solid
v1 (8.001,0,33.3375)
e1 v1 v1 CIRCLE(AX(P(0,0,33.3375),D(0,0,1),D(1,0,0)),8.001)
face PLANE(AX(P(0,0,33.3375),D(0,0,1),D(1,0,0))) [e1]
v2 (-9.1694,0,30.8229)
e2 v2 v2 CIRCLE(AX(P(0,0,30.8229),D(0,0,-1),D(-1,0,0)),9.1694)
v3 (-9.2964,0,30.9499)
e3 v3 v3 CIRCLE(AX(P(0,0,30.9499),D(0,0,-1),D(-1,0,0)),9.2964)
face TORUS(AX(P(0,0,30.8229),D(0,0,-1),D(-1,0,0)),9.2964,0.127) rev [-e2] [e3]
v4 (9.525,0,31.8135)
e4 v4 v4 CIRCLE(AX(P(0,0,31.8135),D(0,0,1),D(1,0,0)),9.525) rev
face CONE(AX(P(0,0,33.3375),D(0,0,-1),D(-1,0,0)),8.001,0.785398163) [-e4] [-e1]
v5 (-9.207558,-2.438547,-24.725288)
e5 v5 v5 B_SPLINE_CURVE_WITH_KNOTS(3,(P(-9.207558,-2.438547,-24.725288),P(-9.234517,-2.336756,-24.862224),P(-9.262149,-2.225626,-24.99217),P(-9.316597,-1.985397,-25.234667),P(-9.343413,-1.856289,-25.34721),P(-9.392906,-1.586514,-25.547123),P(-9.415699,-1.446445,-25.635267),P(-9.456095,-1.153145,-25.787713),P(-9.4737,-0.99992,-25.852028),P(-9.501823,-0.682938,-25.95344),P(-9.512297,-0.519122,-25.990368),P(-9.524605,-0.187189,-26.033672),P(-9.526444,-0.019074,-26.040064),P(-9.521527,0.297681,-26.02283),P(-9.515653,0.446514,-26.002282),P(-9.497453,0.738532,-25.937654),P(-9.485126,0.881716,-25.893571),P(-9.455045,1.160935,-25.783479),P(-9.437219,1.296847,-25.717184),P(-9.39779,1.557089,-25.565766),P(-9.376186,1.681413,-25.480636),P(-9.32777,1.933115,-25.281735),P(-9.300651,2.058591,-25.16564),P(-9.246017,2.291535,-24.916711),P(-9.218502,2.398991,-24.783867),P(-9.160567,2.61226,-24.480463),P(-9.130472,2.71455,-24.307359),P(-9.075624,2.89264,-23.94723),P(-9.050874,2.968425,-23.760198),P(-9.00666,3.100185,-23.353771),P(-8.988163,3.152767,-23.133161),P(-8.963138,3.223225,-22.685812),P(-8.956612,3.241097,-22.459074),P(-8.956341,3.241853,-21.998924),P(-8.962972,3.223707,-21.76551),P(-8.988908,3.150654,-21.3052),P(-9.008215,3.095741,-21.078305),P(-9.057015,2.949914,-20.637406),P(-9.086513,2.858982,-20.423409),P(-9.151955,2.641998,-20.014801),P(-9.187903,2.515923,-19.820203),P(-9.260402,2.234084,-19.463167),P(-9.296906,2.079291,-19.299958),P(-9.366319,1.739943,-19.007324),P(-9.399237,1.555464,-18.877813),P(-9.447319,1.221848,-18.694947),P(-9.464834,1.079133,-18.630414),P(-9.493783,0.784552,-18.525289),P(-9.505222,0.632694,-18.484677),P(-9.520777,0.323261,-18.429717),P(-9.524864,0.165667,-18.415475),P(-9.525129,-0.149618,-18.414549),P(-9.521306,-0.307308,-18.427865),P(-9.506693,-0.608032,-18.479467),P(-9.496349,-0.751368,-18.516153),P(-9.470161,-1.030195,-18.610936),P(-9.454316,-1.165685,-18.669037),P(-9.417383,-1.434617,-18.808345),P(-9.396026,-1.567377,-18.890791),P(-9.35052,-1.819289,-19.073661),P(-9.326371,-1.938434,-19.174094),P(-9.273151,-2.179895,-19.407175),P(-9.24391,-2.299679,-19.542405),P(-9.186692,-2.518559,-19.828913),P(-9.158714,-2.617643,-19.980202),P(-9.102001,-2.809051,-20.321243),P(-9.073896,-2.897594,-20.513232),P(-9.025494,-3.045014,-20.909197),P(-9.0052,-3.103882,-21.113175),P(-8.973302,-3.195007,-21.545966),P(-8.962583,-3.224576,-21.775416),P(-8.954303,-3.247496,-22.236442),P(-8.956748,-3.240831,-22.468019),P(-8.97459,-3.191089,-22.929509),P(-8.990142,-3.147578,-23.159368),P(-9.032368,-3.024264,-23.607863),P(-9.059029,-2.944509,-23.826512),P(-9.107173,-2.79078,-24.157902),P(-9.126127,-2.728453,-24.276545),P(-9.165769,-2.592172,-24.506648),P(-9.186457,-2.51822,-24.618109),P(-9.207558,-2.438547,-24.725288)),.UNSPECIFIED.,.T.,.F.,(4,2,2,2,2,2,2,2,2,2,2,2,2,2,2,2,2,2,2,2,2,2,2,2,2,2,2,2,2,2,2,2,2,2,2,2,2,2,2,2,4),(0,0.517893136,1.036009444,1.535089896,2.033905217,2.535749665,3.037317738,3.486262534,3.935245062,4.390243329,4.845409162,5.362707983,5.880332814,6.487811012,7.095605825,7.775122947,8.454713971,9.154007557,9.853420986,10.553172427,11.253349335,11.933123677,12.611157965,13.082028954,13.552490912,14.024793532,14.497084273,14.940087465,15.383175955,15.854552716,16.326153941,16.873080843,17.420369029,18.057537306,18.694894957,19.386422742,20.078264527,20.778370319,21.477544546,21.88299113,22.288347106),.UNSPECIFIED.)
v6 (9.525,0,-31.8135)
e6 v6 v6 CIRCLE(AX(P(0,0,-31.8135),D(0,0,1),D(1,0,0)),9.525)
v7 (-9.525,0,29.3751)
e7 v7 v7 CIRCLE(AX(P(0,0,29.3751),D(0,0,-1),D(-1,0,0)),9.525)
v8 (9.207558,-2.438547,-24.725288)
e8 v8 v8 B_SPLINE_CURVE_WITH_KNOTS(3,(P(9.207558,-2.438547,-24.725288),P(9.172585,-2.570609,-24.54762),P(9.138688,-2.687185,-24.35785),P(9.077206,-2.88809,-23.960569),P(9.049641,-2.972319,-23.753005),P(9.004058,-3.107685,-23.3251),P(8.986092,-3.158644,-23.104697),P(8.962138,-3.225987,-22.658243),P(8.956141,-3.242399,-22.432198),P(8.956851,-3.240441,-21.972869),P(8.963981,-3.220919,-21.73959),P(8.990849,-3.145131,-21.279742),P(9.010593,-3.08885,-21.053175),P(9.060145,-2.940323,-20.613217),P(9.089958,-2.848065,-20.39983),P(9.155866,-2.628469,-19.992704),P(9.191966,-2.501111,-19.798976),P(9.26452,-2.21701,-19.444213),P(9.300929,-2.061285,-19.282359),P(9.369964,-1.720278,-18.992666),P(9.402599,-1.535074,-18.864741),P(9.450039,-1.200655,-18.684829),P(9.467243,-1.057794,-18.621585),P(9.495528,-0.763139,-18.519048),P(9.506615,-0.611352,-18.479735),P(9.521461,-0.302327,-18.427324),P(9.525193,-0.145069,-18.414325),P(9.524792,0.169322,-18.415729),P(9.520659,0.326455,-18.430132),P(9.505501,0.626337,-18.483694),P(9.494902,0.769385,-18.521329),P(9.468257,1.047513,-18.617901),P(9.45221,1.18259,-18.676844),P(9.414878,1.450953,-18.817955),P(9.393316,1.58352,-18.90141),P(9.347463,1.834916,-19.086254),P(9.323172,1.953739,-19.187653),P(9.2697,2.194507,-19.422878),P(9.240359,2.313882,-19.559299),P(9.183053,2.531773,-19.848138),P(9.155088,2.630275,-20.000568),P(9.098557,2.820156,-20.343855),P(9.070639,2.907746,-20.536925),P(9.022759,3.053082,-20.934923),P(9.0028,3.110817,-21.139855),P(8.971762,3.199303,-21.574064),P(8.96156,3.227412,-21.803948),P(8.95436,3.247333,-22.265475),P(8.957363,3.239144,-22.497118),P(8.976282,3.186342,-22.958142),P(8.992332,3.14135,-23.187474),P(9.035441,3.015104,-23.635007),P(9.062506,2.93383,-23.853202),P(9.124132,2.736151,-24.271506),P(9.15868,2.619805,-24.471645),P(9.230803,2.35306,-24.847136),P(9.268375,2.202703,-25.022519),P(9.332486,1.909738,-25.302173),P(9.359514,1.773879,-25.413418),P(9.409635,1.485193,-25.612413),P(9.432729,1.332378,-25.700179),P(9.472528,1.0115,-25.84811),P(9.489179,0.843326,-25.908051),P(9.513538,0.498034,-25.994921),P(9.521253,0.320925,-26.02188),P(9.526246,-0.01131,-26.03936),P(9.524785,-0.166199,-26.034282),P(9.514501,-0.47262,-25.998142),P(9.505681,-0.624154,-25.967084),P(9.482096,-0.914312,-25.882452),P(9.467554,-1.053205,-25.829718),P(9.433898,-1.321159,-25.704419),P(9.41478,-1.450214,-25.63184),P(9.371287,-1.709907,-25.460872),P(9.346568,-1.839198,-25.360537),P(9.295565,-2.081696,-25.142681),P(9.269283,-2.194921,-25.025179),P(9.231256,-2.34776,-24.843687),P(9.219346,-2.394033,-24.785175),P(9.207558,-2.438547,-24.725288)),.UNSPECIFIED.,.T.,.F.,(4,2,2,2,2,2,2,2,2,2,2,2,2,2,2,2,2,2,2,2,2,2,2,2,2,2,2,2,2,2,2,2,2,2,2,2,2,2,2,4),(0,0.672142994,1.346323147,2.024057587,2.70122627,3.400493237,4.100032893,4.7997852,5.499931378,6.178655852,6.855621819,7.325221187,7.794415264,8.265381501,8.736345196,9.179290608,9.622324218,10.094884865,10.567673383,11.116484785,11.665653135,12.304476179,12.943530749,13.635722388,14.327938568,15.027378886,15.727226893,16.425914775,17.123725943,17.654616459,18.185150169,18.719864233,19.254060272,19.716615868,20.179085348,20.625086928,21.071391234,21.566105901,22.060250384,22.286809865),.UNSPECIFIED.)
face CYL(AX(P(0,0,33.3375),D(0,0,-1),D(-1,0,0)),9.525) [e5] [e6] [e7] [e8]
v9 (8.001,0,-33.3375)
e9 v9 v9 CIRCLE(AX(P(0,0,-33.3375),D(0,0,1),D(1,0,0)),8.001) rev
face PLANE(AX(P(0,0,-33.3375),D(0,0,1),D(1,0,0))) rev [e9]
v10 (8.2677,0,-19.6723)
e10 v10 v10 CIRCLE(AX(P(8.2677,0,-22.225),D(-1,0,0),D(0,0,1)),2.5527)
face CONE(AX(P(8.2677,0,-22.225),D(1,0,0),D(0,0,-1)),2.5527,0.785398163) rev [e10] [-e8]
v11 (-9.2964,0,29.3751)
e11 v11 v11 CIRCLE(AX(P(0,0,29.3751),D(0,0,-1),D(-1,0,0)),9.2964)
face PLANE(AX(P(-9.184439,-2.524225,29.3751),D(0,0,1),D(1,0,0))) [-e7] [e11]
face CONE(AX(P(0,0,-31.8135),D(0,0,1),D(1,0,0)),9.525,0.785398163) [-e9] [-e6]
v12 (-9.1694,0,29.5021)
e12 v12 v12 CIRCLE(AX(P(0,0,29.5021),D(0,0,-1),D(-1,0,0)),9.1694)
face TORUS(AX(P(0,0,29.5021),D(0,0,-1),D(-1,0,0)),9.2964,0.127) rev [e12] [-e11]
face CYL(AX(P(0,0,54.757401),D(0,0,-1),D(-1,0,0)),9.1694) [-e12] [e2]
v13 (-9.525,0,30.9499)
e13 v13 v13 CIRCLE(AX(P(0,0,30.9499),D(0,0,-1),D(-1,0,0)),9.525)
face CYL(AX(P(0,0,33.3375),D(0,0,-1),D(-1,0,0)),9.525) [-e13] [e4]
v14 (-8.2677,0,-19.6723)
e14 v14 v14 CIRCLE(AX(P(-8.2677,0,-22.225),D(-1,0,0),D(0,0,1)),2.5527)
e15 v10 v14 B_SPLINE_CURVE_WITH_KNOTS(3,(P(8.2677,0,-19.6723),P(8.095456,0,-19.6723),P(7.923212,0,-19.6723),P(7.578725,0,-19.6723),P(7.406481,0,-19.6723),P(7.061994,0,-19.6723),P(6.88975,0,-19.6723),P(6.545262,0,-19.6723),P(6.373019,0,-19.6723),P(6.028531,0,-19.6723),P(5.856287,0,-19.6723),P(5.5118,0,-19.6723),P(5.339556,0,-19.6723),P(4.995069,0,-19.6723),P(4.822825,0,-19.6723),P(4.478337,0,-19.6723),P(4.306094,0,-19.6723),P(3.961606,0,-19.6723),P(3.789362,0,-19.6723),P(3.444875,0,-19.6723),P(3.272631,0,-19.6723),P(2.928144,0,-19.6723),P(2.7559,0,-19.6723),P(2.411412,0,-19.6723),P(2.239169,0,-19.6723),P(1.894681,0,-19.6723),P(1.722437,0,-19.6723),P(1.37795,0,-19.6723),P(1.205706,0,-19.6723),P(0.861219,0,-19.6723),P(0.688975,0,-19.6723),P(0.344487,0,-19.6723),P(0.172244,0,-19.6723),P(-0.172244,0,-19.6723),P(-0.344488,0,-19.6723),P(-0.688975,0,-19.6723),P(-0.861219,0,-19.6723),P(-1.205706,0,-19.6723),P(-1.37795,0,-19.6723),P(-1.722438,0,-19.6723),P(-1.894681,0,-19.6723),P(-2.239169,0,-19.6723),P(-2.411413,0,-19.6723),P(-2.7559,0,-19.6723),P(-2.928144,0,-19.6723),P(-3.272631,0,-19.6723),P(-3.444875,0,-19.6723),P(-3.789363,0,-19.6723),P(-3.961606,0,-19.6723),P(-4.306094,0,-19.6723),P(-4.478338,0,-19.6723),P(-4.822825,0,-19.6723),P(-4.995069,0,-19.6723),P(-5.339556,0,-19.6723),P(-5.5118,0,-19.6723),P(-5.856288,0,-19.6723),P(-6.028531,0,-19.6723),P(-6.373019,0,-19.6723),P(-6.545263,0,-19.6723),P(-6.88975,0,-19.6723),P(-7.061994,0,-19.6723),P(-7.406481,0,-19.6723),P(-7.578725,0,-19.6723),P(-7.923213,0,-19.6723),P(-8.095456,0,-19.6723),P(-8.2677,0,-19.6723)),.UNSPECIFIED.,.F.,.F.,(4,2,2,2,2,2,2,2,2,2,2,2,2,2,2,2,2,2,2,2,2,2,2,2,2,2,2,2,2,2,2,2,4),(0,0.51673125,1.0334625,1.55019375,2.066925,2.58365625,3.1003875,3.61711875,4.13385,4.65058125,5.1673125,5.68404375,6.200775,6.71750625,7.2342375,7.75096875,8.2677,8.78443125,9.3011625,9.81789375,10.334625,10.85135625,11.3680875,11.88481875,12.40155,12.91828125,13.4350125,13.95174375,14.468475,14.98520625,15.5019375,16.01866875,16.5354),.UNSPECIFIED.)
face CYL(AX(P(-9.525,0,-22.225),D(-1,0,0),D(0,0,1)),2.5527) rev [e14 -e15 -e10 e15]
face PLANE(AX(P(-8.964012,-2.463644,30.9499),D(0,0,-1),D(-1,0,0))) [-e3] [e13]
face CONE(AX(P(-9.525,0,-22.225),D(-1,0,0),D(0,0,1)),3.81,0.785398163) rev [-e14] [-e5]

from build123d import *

# Parameters (mm, degrees)
SKETCH1_R           = 9.525
BOSS_EXTRUDE1_DEPTH = 33.3375
CHAMFER1_SIZE       = 1.524


with BuildPart() as part:
    # Sketch1 → Boss-Extrude1 (new, symmetric)
    with BuildSketch(Plane.XY):
        Circle(SKETCH1_R)
    extrude(amount=BOSS_EXTRUDE1_DEPTH, both=True)

    # Chamfer1
    chamfer1_edges = [part.edges().sort_by_distance(p)[0] for p in [
        (-9.525, 0, -33.3375),
        (-9.525, 0, 33.3375),
    ]]
    chamfer(chamfer1_edges, length=CHAMFER1_SIZE)

    # Sketch3 → 1/4-20 Tapped Hole1 (revolve, cut)
    with BuildSketch(Plane(origin=(-9.525, 0, -22.225), x_dir=(0, 0, 1), z_dir=(0, 1, 0))):
        Polygon((0, 0), (0, 19.05), (3.81, 19.05), (2.5527, 17.7927), (2.5527, 1.2573), (3.81, 0), align=None)
    revolve(axis=Axis((-15.875, 0, -22.225), (1, 0, 0)), mode=Mode.SUBTRACT)

    # Groove Sketch → Retaining Ring Groove (revolve, cut)
    with BuildSketch(Plane(origin=(9.513189126, 2.614578126, 39.123243658), x_dir=(-0.3010163797724101, -0.08273049466574514, 0.9500235809500064), z_dir=(0.26501052487715226, -0.9642455194110764, 0)), mode=Mode.PRIVATE) as retaining_ring_groove_sk:
        with BuildLine():
            Line((-1.782805189, 20.756214823), (-1.711441265, 20.973390213))
            Line((-1.711441265, 20.973390213), (-3.2075384, 21.46500836))
            Line((-3.2075384, 21.46500836), (-3.278902324, 21.247832969))
            ThreePointArc((-3.278902324, 21.247832969), (-3.271598278, 21.150906191), (-3.197895954, 21.08753335))
            Line((-3.197895954, 21.08753335), (-1.943104809, 20.675208453))
            ThreePointArc((-1.943104809, 20.675208453), (-1.84617803, 20.682512499), (-1.782805189, 20.756214823))
        make_face()
    revolve(retaining_ring_groove_sk.sketch.rotate(Axis((0, 0, 54.757401128), (0, 0, -1)), 15.367578188), axis=Axis((0, 0, 54.757401128), (0, 0, -1)), mode=Mode.SUBTRACT)


solid = part.part
